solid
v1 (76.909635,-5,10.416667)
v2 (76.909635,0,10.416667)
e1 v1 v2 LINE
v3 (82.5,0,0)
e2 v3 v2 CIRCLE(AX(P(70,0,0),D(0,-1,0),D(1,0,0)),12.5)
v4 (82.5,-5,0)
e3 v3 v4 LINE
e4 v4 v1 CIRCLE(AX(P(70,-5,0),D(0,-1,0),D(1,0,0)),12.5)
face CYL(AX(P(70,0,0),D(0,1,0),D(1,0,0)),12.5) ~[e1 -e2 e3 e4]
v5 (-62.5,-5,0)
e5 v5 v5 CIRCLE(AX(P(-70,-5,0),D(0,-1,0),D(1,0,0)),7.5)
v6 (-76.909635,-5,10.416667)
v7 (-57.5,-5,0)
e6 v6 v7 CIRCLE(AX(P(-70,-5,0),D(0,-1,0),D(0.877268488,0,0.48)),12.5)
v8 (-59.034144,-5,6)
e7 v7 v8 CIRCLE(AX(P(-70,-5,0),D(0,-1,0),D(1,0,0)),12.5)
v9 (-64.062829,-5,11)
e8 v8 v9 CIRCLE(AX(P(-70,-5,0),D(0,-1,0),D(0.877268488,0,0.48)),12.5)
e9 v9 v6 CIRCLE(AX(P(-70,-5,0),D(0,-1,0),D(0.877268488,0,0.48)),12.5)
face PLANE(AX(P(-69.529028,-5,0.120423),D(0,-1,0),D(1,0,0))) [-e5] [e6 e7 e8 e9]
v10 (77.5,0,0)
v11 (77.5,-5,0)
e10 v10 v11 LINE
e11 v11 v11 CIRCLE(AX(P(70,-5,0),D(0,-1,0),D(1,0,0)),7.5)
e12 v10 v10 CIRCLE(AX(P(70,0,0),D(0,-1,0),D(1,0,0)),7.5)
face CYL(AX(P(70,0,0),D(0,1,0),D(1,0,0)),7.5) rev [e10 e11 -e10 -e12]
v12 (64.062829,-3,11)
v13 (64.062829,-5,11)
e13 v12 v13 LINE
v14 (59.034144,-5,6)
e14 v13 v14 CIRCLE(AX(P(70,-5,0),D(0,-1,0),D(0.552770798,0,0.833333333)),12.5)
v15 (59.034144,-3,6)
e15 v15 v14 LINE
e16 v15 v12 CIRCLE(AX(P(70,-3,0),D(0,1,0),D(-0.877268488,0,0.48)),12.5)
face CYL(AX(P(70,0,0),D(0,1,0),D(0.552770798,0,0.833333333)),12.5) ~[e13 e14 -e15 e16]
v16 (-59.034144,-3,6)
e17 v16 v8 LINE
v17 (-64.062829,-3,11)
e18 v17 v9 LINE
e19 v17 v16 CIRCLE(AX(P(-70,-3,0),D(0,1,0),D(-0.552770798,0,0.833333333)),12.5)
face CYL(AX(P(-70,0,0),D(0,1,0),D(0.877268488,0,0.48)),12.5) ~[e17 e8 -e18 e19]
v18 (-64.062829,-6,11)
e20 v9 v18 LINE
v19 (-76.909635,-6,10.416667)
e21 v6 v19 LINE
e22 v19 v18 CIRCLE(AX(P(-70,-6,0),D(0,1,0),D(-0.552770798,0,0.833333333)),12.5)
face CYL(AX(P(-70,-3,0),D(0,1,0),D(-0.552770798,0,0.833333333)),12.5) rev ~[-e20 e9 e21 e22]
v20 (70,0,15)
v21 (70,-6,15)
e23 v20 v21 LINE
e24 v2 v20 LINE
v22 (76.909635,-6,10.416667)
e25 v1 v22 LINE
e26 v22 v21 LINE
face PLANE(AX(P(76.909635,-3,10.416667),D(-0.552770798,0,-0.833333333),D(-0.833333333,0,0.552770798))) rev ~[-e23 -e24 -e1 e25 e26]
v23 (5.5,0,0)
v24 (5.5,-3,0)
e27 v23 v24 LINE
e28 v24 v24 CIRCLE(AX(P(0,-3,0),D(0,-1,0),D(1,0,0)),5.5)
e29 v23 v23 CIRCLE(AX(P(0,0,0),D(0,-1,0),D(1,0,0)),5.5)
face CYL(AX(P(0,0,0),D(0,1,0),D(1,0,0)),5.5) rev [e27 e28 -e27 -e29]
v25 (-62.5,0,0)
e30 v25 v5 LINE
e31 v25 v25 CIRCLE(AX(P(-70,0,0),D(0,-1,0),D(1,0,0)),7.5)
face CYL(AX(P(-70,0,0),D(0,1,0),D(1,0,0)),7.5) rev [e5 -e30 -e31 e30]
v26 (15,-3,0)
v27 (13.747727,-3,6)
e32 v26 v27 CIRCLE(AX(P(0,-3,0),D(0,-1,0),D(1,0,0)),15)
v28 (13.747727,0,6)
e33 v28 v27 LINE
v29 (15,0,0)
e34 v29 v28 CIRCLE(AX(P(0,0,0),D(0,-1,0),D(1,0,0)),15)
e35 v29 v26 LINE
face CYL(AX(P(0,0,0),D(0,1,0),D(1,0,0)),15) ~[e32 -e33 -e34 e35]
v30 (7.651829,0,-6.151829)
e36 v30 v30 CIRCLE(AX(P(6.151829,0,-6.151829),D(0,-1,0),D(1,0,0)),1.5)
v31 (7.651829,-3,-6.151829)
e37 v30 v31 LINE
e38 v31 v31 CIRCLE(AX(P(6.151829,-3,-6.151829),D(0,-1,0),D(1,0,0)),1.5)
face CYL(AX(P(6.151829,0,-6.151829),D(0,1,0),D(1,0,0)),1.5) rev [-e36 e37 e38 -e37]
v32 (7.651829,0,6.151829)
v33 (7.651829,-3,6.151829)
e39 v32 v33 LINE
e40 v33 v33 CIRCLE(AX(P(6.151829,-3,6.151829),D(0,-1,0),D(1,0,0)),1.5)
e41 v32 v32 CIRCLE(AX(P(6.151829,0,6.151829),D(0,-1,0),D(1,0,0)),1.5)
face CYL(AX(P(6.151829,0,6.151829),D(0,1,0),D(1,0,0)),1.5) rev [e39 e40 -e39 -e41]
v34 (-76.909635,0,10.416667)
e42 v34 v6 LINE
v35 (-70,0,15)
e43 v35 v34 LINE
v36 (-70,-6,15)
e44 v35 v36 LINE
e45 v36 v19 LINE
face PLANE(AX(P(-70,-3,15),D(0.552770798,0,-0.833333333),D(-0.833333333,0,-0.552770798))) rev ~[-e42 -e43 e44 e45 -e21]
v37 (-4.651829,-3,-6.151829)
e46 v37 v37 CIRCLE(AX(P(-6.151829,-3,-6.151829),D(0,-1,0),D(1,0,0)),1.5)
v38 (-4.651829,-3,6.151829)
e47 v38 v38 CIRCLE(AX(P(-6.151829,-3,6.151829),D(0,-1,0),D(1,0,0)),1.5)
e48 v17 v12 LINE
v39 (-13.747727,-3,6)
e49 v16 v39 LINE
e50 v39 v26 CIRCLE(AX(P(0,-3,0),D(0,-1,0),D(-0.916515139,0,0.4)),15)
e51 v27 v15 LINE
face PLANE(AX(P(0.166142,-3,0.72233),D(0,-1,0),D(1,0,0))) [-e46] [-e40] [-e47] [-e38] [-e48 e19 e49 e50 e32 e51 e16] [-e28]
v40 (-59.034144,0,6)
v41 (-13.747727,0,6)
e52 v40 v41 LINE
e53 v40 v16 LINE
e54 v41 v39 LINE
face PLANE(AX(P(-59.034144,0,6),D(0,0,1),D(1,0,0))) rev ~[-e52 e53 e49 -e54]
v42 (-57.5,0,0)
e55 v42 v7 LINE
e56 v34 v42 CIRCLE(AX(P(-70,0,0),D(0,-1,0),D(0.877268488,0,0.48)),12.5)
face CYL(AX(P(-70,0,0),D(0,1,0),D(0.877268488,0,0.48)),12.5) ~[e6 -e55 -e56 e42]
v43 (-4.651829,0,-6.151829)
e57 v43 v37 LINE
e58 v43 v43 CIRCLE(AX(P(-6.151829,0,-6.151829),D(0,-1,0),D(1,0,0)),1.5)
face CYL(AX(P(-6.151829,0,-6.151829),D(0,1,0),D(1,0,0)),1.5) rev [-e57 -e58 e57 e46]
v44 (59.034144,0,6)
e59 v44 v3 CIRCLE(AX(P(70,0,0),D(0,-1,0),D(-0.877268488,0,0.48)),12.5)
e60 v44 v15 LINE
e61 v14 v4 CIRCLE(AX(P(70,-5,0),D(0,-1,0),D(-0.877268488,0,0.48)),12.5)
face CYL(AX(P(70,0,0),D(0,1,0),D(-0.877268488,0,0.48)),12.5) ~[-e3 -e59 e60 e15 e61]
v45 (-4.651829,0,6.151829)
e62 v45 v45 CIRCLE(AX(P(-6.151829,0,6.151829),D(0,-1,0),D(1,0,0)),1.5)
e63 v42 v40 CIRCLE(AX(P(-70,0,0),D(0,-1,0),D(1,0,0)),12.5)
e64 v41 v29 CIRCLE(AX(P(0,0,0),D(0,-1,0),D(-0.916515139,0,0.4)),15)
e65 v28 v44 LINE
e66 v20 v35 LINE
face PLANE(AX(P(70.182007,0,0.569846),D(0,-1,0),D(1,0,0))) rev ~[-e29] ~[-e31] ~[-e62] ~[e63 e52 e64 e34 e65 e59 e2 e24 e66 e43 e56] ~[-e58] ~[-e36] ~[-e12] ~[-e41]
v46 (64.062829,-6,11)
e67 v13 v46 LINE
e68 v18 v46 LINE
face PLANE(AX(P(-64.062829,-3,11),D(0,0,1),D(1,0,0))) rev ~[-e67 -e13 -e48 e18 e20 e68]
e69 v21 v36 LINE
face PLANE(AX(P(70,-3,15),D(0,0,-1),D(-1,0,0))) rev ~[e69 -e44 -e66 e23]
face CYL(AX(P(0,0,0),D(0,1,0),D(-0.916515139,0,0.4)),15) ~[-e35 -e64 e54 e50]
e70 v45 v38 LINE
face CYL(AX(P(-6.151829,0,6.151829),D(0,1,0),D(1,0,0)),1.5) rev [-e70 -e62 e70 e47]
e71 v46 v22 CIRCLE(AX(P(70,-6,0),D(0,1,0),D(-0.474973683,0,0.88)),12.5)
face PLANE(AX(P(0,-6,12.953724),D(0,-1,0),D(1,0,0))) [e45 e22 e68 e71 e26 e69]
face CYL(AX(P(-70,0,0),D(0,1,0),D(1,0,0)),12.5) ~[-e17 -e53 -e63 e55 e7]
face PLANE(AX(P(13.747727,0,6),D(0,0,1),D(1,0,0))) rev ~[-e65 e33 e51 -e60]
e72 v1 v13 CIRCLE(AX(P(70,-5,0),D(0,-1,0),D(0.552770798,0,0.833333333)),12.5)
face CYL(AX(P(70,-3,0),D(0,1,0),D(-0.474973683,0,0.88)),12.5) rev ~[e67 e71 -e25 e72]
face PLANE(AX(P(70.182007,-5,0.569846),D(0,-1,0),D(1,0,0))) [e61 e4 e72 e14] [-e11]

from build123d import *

# Parameters (mm, degrees)
F0_R     = 1.5
F0_R_2   = 5.5
F1_DEPTH = 3
F0_R_3   = 7.5
F2_DEPTH = 5
F4_DEPTH = 3


with BuildPart() as f1:
    # F0 (on Front) → F1 (new body)
    with BuildSketch(Plane.XZ):
        with BuildLine():
            ThreePointArc((15, 0), (14.683594694, 3.0646446553), (13.7477270849, 6))
            ThreePointArc((13.7477270849, 6), (8.2158383626, 12.549900398), (0, 15))
            ThreePointArc((0, 15), (-8.2158383626, 12.549900398), (-13.7477270849, 6))
            ThreePointArc((-13.7477270849, 6), (-3.0646446553, -14.683594694), (15, 0))
        make_face()
        with Locations((-6.1518289963, -6.1518289963)):
            Circle(F0_R, mode=Mode.SUBTRACT)
        with Locations((6.1518289963, -6.1518289963)):
            Circle(F0_R, mode=Mode.SUBTRACT)
        with Locations((-6.1518289963, 6.1518289963)):
            Circle(F0_R, mode=Mode.SUBTRACT)
        Circle(F0_R_2, mode=Mode.SUBTRACT)
        with Locations((6.1518289963, 6.1518289963)):
            Circle(F0_R, mode=Mode.SUBTRACT)
        with BuildLine():
            ThreePointArc((59.0341439003, 6), (67.0016723737, 12.135074431), (76.9096349799, 10.4166666667))
            Line((76.9096349799, 10.4166666667), (70, 15))
            Line((70, 15), (0, 15))
            ThreePointArc((0, 15), (8.2158383626, 12.549900398), (13.7477270849, 6))
            Line((13.7477270849, 6), (59.0341439003, 6))
        make_face()
        with BuildLine():
            ThreePointArc((-13.7477270849, 6), (-8.2158383626, 12.549900398), (0, 15))
            Line((0, 15), (-70, 15))
            Line((-70, 15), (-76.9096349799, 10.4166666667))
            ThreePointArc((-76.9096349799, 10.4166666667), (-67.0016723737, 12.135074431), (-59.0341439003, 6))
            Line((-59.0341439003, 6), (-13.7477270849, 6))
        make_face()
    extrude(amount=F1_DEPTH)

    # F0 (on Front) → F2 (join)
    with BuildSketch(Plane.XZ):
        with BuildLine():
            ThreePointArc((59.0341439003, 6), (66.9034859315, -12.1103922572), (82.5, 0))
            ThreePointArc((82.5, 0), (81.0140918202, 5.9109881894), (76.9096349799, 10.4166666667))
            ThreePointArc((76.9096349799, 10.4166666667), (67.0016723737, 12.135074431), (59.0341439003, 6))
        make_face()
        with Locations((70, 0)):
            Circle(F0_R_3, mode=Mode.SUBTRACT)
        with BuildLine():
            ThreePointArc((-57.5, 0), (-57.8896077428, 3.0965140685), (-59.0341439003, 6))
            ThreePointArc((-59.0341439003, 6), (-67.0016723737, 12.135074431), (-76.9096349799, 10.4166666667))
            ThreePointArc((-76.9096349799, 10.4166666667), (-75.9109881894, -11.0140918202), (-57.5, 0))
        make_face()
        with Locations((-70, 0)):
            Circle(F0_R_3, mode=Mode.SUBTRACT)
    extrude(amount=F2_DEPTH)

    # F3 (on face) → F4 (join)
    with BuildSketch(Plane.XZ.offset(3)):
        with BuildLine():
            Line((0, 11), (64.0628289565, 11))
            ThreePointArc((64.0628289565, 11), (70.5670017384, 12.4871337395), (76.9096349799, 10.4166666667))
            Line((76.9096349799, 10.4166666667), (70, 15))
            Line((70, 15), (-70, 15))
            Line((-70, 15), (-76.9096349799, 10.4166666667))
            ThreePointArc((-76.9096349799, 10.4166666667), (-70.5670017384, 12.4871337395), (-64.0628289565, 11))
            Line((-64.0628289565, 11), (0, 11))
        make_face()
    extrude(amount=F4_DEPTH)


solid = f1.part
